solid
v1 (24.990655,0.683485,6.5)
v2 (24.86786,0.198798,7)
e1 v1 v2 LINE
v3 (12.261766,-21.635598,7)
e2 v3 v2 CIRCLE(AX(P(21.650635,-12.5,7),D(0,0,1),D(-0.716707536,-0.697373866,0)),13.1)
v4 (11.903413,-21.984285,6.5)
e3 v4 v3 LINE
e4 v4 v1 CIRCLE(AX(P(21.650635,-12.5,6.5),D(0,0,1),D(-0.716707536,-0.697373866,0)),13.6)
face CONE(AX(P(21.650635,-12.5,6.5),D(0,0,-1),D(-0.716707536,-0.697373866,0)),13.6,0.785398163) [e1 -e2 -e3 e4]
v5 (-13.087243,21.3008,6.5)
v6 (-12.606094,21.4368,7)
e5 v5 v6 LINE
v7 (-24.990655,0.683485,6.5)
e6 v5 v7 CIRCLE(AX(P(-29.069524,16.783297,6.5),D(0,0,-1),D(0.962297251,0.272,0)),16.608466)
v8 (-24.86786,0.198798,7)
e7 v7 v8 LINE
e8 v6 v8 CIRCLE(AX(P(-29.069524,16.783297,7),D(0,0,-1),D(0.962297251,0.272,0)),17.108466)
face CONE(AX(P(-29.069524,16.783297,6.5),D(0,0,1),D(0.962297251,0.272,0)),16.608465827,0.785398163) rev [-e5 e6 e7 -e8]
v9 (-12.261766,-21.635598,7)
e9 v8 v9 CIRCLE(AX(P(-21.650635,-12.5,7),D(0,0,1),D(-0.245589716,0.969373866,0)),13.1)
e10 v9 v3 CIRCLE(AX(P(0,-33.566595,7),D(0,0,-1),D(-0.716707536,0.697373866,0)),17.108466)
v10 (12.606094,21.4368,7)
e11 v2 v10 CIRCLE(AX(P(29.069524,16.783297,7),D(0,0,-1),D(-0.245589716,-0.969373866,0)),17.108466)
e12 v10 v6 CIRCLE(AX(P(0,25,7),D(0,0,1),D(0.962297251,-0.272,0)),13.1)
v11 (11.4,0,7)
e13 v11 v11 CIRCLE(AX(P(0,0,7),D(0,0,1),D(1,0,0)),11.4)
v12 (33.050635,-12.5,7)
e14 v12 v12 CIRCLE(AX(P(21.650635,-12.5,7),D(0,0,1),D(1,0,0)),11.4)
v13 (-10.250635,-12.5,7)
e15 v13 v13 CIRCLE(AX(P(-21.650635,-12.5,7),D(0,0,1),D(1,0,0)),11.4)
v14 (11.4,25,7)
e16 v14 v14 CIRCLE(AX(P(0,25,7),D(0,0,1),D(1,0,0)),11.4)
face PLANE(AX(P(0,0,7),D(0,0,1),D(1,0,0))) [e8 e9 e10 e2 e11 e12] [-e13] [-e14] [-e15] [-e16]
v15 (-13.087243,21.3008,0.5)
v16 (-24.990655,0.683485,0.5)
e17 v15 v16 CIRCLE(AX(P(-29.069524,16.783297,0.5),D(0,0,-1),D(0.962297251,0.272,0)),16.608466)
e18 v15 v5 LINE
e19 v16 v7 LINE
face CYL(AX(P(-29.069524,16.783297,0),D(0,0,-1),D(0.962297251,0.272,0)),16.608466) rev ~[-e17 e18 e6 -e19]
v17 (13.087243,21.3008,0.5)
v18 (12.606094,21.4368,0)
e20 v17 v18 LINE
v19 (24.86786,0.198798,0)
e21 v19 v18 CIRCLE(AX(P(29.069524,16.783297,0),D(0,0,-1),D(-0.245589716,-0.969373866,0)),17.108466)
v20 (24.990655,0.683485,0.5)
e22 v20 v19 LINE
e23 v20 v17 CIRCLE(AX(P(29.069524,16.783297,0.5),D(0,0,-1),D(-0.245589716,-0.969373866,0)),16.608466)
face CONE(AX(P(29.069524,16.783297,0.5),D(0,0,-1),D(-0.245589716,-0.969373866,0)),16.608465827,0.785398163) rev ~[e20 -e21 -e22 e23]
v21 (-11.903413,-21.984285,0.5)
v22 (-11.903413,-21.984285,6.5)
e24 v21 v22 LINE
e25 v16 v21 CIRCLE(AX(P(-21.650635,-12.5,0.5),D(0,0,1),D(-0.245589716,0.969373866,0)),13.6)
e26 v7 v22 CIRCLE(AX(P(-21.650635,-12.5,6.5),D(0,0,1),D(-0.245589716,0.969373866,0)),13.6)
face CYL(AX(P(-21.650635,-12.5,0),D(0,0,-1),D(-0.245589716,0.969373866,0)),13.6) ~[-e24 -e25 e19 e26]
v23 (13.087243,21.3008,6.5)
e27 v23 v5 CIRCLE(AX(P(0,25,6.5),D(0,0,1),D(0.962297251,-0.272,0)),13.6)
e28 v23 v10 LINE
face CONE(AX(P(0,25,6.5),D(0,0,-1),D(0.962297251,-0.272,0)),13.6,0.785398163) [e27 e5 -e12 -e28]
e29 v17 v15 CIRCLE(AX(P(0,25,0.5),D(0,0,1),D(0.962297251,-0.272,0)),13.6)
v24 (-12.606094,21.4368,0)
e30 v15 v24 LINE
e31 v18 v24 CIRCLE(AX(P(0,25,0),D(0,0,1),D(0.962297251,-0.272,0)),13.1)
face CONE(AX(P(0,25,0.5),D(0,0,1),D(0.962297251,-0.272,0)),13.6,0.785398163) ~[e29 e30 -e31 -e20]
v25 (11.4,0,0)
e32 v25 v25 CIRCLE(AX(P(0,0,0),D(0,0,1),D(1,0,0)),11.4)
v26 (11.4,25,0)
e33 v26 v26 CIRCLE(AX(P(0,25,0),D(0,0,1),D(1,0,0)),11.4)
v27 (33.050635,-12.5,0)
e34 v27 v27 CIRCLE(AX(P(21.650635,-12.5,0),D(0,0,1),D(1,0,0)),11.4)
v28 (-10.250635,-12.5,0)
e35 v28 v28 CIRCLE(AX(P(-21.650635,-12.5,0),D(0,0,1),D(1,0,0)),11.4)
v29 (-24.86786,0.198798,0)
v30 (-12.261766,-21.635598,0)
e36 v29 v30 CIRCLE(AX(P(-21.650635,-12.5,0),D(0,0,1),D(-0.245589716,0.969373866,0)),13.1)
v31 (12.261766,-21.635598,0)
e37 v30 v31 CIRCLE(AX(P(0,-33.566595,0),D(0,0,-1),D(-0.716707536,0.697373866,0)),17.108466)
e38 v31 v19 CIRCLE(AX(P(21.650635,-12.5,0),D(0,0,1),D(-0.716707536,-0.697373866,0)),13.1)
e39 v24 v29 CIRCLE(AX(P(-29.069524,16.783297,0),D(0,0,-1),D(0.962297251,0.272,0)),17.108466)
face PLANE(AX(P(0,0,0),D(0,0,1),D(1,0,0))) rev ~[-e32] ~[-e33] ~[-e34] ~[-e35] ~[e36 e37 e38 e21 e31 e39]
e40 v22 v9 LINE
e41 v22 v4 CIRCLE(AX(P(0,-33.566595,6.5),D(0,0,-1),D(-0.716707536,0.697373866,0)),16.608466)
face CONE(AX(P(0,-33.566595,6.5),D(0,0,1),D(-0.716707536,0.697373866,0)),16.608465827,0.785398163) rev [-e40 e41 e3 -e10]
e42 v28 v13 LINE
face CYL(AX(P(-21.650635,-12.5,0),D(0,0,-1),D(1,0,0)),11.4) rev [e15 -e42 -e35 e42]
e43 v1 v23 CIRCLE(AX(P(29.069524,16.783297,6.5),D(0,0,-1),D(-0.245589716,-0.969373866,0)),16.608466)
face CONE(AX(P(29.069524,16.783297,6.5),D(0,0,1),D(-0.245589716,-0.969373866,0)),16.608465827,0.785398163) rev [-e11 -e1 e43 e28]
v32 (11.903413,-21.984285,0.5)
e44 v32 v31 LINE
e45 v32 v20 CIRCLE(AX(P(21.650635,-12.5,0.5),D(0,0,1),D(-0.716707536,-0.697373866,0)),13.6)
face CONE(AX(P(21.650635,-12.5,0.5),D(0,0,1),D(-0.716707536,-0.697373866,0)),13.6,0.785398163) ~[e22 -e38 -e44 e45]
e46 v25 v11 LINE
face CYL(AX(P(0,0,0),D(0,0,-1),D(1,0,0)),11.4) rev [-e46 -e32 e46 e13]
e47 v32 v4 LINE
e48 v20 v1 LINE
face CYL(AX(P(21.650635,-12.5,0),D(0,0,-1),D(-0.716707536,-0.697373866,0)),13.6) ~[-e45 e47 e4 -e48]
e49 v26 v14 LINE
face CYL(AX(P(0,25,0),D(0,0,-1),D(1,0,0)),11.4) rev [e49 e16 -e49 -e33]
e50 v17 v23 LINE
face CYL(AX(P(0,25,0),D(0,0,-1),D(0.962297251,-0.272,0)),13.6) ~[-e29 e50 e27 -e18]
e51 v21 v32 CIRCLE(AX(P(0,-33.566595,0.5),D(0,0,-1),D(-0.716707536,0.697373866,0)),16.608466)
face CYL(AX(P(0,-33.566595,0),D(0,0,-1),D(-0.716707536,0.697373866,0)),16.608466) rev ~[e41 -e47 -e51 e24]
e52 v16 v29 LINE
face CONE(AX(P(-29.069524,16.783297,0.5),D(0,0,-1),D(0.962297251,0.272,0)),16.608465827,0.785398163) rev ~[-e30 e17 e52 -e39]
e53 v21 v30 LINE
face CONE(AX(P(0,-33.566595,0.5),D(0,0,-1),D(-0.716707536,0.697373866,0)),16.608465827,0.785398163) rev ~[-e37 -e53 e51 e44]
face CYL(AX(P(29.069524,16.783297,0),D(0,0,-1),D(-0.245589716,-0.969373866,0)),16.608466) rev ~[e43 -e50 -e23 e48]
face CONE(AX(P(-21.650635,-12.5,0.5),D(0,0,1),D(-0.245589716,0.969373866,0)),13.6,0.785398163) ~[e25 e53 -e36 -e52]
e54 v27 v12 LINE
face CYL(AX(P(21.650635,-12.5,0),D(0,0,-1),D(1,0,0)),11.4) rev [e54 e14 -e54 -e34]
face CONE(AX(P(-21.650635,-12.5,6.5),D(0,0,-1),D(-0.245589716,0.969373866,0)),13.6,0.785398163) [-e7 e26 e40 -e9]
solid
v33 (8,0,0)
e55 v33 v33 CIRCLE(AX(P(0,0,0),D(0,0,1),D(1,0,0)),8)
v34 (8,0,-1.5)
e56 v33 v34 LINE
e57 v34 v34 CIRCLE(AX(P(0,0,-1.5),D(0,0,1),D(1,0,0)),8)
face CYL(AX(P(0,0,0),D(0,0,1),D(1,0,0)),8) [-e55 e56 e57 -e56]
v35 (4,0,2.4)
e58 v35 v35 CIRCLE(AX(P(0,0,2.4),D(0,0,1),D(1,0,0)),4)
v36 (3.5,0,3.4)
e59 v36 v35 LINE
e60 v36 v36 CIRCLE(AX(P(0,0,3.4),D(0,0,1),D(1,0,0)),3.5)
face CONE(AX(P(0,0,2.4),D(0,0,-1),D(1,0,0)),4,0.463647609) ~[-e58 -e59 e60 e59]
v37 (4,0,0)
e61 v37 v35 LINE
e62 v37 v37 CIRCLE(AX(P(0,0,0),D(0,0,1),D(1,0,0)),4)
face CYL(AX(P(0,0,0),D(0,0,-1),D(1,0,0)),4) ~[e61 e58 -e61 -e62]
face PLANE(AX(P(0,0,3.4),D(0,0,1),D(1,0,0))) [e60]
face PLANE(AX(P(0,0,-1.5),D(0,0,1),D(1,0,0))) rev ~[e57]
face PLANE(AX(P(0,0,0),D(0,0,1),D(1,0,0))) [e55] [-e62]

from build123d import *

# Parameters (mm, degrees)
F0_R     = 11.4
F1_DEPTH = 7
F2_R     = 8
F2_R_2   = 4
F3_DEPTH = 1.5
F4_DEPTH = 3.4
F5_SIZE2 = 1
F5_SIZE  = 0.5
F6_SIZE  = 0.5


with BuildPart() as f1:
    # F0 (on Top) → F1 (new body)
    with BuildSketch(Plane.XY):
        with BuildLine():
            ThreePointArc((-11.9034126116, -21.9842845733), (0, -16.9581287631), (11.9034126116, -21.9842845733))
            ThreePointArc((11.9034126116, -21.9842845733), (33.4285805861, -19.3), (24.9906552303, 0.6834845733))
            ThreePointArc((24.9906552303, 0.6834845733), (14.6861703095, 8.4790643815), (13.0872426187, 21.3008))
            ThreePointArc((13.0872426187, 21.3008), (0, 38.6), (-13.0872426187, 21.3008))
            ThreePointArc((-13.0872426187, 21.3008), (-14.6861703095, 8.4790643815), (-24.9906552303, 0.6834845733))
            ThreePointArc((-24.9906552303, 0.6834845733), (-33.4285805861, -19.3), (-11.9034126116, -21.9842845733))
        make_face()
        with Locations((-21.6506350946, -12.5)):
            Circle(F0_R, mode=Mode.SUBTRACT)
        with Locations((21.6506350946, -12.5)):
            Circle(F0_R, mode=Mode.SUBTRACT)
        Circle(F0_R, mode=Mode.SUBTRACT)
        with Locations((0, 25)):
            Circle(F0_R, mode=Mode.SUBTRACT)
    extrude(amount=F1_DEPTH)

    # F6
    f6_edges = [f1.edges().sort_by_distance(p)[0] for p in [
        (0, -16.958129, 0),
        (0, -16.958129, 7),
    ]]
    chamfer(f6_edges, length=F6_SIZE)


with BuildPart() as f3:
    # F2 (on Top) → F3 (new body)
    with BuildSketch(Plane.XY):
        Circle(F2_R)
        Circle(F2_R_2, mode=Mode.SUBTRACT)
        Circle(F2_R_2)
    extrude(amount=-F3_DEPTH)

    # F2 (on Top) → F4 (join)
    with BuildSketch(Plane.XY):
        Circle(F2_R_2)
    extrude(amount=F4_DEPTH)

    # F5
    f5_edges = [f3.edges().sort_by_distance(p)[0] for p in [
        (-4, 0, 3.4),
    ]]
    f5_side = f3.faces().sort_by_distance((0, 0, 3.4))[0]
    chamfer(f5_edges, length=F5_SIZE, length2=F5_SIZE2, reference=f5_side)


solid = Compound([f1.part, f3.part])
